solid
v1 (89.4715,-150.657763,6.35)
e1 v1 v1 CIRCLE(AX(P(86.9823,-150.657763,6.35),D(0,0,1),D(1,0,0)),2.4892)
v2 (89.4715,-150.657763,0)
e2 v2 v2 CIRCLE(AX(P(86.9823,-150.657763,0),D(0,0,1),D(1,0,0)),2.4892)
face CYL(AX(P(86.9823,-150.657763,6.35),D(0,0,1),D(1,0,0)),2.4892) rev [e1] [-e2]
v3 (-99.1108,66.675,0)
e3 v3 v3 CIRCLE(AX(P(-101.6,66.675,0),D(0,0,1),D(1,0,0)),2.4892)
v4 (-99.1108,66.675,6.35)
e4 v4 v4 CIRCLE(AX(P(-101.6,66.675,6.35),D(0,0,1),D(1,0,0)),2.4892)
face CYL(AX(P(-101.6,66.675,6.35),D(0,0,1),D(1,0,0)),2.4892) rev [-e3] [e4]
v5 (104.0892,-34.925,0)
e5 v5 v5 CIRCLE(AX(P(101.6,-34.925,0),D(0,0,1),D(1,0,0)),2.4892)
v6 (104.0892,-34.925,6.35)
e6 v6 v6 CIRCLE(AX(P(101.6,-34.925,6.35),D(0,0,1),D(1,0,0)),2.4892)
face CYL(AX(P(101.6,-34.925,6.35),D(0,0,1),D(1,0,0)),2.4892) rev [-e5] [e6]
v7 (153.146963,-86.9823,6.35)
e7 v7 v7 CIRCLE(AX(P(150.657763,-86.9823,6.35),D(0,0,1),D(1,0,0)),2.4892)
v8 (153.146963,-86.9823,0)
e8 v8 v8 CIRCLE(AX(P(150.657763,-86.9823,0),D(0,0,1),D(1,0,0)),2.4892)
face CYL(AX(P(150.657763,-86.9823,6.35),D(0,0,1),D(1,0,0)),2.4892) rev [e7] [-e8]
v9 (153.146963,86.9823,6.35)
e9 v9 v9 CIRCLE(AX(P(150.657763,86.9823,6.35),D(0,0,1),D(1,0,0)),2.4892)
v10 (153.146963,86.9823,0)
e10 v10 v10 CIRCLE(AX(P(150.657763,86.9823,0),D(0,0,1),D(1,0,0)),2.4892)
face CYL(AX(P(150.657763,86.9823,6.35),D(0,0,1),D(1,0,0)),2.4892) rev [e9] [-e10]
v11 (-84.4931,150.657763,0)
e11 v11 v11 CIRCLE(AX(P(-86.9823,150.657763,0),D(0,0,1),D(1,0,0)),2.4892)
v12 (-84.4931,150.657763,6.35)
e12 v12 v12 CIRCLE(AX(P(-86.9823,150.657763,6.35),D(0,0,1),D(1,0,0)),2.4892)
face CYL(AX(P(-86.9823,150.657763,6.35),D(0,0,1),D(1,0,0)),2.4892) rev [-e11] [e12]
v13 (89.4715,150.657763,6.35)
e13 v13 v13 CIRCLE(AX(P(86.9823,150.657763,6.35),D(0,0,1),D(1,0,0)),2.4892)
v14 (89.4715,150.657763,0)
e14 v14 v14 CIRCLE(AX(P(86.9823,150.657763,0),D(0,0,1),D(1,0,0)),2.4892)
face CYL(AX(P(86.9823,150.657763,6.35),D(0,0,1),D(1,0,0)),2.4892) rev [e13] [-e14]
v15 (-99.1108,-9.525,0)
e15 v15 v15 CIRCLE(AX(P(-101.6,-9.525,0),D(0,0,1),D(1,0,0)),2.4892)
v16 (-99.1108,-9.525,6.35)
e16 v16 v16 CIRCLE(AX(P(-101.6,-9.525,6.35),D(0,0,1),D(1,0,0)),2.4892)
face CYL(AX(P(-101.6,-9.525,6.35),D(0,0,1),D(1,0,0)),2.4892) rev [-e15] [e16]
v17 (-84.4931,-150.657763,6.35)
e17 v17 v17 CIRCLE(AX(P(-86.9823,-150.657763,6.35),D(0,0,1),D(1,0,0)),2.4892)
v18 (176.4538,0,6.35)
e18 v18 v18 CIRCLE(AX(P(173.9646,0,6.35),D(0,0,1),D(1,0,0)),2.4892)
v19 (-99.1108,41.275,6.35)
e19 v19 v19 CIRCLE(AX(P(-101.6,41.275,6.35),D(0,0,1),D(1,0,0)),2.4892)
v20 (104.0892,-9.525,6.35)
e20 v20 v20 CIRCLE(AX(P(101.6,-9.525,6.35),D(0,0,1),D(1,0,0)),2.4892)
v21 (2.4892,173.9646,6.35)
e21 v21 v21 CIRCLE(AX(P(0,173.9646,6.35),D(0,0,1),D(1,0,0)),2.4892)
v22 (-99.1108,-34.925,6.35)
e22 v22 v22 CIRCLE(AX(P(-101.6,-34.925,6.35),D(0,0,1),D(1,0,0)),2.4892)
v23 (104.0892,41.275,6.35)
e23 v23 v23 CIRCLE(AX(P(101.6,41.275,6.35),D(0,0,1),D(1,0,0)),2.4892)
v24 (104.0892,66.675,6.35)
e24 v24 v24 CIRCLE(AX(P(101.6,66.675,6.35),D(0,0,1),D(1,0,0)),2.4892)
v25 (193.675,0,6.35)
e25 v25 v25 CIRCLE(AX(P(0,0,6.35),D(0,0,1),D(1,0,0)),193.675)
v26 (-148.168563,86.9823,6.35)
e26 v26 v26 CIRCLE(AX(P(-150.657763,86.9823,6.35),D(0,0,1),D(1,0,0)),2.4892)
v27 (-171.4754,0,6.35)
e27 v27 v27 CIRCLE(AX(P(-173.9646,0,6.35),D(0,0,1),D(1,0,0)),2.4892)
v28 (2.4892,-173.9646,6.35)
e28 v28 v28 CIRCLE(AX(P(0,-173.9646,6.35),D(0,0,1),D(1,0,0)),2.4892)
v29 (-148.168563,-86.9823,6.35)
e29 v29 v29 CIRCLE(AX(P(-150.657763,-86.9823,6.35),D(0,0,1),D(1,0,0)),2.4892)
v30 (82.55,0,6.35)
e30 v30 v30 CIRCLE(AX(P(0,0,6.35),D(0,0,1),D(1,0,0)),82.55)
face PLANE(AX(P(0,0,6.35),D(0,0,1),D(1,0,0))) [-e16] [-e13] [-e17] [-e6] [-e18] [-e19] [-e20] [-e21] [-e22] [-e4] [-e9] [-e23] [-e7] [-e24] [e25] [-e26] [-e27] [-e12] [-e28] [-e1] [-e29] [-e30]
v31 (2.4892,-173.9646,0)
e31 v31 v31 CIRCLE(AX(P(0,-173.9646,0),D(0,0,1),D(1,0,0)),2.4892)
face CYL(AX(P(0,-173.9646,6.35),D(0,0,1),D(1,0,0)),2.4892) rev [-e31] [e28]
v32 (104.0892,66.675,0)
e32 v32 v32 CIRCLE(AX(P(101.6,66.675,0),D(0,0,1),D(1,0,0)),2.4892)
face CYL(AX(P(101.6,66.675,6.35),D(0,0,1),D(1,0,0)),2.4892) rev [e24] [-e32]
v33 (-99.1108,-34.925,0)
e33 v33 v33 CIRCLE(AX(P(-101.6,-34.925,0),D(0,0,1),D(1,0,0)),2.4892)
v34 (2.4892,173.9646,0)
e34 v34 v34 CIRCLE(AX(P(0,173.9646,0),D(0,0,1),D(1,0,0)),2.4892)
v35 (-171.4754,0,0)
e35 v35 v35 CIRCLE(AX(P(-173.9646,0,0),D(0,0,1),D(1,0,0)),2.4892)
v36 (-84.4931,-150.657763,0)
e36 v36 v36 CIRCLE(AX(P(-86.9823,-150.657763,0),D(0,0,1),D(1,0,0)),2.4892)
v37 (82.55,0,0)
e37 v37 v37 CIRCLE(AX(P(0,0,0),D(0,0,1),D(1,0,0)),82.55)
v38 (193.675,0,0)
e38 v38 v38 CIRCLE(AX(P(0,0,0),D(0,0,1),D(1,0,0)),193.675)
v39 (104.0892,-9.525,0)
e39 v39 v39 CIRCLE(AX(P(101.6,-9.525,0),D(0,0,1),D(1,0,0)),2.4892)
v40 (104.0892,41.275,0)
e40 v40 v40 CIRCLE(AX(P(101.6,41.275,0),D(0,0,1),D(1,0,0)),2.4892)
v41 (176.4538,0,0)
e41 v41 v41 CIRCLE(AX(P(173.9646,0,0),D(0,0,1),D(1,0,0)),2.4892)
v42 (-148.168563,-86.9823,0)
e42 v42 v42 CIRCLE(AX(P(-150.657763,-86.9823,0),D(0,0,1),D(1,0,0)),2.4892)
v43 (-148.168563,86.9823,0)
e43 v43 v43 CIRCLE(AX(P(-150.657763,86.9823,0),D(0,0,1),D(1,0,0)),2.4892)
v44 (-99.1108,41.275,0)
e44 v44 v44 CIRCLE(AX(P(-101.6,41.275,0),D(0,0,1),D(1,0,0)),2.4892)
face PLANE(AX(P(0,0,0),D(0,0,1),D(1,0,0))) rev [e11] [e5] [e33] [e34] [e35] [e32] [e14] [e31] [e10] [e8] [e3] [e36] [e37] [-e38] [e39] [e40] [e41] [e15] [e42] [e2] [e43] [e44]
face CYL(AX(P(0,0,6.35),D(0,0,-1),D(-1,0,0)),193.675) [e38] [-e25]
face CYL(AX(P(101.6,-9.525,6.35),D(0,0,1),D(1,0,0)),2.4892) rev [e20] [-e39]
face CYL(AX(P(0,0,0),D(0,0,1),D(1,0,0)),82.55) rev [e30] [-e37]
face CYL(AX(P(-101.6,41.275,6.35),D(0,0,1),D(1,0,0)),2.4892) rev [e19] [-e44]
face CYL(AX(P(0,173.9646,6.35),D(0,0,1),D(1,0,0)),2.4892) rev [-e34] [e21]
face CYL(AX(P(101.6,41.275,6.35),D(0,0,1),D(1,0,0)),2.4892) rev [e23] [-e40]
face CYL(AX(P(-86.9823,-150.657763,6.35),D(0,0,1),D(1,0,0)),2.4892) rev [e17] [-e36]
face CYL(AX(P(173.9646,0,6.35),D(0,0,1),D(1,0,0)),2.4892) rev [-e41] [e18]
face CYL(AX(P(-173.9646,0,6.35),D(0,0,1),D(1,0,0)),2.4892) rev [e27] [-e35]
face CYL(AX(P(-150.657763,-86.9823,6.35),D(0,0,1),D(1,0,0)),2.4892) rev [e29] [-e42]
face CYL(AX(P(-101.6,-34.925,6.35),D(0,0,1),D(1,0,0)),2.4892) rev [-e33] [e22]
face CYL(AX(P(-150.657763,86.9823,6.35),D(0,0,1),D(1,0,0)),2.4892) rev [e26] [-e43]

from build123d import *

# Parameters (mm, degrees)
SKETCH1_R                  = 193.675
BOSS_EXTRUDE1_DEPTH        = 6.35
F_9_0_196_DIAMETER_HOLE1_D = 4.9784
SKETCH5_R                  = 82.55
CUT_EXTRUDE1_DEPTH         = 6.35
F_9_0_196_DIAMETER_HOLE2_D = 4.9784


with BuildPart() as part:
    # Sketch1 → Boss-Extrude1 (new body)
    with BuildSketch(Plane(origin=(0, 0, 0), x_dir=(0, 1, 0), z_dir=(0, 0, 1))):
        with Locations(Location((0, 0, 0), (0, 0, 270))):
            Circle(SKETCH1_R)
    extrude(amount=BOSS_EXTRUDE1_DEPTH)

    # #9 (0.196) Diameter Hole1 (through all)
    with Locations(Plane.XY.offset(6.35)):
        with Locations((-150.657762959, 86.9823), (-173.9646, 0), (-150.657762959, -86.9823), (-86.9823, -150.657762959), (0, -173.9646), (86.9823, -150.657762959), (150.657762959, -86.9823), (173.9646, 0), (150.657762959, 86.9823), (86.9823, 150.657762959), (0, 173.9646), (-86.9823, 150.657762959)):
            Hole(F_9_0_196_DIAMETER_HOLE1_D / 2)

    # Sketch5 → Cut-Extrude1 (cut)
    with BuildSketch(Plane.XY.offset(6.35)):
        Circle(SKETCH5_R)
    extrude(amount=-CUT_EXTRUDE1_DEPTH, mode=Mode.SUBTRACT)

    # #9 (0.196) Diameter Hole2 (through all)
    with Locations(Plane.XY.offset(6.35)):
        with Locations((101.6, 66.675), (101.6, 41.275), (101.6, -9.525), (101.6, -34.925), (-101.6, -34.925), (-101.6, -9.525), (-101.6, 41.275), (-101.6, 66.675)):
            Hole(F_9_0_196_DIAMETER_HOLE2_D / 2)


solid = part.part
